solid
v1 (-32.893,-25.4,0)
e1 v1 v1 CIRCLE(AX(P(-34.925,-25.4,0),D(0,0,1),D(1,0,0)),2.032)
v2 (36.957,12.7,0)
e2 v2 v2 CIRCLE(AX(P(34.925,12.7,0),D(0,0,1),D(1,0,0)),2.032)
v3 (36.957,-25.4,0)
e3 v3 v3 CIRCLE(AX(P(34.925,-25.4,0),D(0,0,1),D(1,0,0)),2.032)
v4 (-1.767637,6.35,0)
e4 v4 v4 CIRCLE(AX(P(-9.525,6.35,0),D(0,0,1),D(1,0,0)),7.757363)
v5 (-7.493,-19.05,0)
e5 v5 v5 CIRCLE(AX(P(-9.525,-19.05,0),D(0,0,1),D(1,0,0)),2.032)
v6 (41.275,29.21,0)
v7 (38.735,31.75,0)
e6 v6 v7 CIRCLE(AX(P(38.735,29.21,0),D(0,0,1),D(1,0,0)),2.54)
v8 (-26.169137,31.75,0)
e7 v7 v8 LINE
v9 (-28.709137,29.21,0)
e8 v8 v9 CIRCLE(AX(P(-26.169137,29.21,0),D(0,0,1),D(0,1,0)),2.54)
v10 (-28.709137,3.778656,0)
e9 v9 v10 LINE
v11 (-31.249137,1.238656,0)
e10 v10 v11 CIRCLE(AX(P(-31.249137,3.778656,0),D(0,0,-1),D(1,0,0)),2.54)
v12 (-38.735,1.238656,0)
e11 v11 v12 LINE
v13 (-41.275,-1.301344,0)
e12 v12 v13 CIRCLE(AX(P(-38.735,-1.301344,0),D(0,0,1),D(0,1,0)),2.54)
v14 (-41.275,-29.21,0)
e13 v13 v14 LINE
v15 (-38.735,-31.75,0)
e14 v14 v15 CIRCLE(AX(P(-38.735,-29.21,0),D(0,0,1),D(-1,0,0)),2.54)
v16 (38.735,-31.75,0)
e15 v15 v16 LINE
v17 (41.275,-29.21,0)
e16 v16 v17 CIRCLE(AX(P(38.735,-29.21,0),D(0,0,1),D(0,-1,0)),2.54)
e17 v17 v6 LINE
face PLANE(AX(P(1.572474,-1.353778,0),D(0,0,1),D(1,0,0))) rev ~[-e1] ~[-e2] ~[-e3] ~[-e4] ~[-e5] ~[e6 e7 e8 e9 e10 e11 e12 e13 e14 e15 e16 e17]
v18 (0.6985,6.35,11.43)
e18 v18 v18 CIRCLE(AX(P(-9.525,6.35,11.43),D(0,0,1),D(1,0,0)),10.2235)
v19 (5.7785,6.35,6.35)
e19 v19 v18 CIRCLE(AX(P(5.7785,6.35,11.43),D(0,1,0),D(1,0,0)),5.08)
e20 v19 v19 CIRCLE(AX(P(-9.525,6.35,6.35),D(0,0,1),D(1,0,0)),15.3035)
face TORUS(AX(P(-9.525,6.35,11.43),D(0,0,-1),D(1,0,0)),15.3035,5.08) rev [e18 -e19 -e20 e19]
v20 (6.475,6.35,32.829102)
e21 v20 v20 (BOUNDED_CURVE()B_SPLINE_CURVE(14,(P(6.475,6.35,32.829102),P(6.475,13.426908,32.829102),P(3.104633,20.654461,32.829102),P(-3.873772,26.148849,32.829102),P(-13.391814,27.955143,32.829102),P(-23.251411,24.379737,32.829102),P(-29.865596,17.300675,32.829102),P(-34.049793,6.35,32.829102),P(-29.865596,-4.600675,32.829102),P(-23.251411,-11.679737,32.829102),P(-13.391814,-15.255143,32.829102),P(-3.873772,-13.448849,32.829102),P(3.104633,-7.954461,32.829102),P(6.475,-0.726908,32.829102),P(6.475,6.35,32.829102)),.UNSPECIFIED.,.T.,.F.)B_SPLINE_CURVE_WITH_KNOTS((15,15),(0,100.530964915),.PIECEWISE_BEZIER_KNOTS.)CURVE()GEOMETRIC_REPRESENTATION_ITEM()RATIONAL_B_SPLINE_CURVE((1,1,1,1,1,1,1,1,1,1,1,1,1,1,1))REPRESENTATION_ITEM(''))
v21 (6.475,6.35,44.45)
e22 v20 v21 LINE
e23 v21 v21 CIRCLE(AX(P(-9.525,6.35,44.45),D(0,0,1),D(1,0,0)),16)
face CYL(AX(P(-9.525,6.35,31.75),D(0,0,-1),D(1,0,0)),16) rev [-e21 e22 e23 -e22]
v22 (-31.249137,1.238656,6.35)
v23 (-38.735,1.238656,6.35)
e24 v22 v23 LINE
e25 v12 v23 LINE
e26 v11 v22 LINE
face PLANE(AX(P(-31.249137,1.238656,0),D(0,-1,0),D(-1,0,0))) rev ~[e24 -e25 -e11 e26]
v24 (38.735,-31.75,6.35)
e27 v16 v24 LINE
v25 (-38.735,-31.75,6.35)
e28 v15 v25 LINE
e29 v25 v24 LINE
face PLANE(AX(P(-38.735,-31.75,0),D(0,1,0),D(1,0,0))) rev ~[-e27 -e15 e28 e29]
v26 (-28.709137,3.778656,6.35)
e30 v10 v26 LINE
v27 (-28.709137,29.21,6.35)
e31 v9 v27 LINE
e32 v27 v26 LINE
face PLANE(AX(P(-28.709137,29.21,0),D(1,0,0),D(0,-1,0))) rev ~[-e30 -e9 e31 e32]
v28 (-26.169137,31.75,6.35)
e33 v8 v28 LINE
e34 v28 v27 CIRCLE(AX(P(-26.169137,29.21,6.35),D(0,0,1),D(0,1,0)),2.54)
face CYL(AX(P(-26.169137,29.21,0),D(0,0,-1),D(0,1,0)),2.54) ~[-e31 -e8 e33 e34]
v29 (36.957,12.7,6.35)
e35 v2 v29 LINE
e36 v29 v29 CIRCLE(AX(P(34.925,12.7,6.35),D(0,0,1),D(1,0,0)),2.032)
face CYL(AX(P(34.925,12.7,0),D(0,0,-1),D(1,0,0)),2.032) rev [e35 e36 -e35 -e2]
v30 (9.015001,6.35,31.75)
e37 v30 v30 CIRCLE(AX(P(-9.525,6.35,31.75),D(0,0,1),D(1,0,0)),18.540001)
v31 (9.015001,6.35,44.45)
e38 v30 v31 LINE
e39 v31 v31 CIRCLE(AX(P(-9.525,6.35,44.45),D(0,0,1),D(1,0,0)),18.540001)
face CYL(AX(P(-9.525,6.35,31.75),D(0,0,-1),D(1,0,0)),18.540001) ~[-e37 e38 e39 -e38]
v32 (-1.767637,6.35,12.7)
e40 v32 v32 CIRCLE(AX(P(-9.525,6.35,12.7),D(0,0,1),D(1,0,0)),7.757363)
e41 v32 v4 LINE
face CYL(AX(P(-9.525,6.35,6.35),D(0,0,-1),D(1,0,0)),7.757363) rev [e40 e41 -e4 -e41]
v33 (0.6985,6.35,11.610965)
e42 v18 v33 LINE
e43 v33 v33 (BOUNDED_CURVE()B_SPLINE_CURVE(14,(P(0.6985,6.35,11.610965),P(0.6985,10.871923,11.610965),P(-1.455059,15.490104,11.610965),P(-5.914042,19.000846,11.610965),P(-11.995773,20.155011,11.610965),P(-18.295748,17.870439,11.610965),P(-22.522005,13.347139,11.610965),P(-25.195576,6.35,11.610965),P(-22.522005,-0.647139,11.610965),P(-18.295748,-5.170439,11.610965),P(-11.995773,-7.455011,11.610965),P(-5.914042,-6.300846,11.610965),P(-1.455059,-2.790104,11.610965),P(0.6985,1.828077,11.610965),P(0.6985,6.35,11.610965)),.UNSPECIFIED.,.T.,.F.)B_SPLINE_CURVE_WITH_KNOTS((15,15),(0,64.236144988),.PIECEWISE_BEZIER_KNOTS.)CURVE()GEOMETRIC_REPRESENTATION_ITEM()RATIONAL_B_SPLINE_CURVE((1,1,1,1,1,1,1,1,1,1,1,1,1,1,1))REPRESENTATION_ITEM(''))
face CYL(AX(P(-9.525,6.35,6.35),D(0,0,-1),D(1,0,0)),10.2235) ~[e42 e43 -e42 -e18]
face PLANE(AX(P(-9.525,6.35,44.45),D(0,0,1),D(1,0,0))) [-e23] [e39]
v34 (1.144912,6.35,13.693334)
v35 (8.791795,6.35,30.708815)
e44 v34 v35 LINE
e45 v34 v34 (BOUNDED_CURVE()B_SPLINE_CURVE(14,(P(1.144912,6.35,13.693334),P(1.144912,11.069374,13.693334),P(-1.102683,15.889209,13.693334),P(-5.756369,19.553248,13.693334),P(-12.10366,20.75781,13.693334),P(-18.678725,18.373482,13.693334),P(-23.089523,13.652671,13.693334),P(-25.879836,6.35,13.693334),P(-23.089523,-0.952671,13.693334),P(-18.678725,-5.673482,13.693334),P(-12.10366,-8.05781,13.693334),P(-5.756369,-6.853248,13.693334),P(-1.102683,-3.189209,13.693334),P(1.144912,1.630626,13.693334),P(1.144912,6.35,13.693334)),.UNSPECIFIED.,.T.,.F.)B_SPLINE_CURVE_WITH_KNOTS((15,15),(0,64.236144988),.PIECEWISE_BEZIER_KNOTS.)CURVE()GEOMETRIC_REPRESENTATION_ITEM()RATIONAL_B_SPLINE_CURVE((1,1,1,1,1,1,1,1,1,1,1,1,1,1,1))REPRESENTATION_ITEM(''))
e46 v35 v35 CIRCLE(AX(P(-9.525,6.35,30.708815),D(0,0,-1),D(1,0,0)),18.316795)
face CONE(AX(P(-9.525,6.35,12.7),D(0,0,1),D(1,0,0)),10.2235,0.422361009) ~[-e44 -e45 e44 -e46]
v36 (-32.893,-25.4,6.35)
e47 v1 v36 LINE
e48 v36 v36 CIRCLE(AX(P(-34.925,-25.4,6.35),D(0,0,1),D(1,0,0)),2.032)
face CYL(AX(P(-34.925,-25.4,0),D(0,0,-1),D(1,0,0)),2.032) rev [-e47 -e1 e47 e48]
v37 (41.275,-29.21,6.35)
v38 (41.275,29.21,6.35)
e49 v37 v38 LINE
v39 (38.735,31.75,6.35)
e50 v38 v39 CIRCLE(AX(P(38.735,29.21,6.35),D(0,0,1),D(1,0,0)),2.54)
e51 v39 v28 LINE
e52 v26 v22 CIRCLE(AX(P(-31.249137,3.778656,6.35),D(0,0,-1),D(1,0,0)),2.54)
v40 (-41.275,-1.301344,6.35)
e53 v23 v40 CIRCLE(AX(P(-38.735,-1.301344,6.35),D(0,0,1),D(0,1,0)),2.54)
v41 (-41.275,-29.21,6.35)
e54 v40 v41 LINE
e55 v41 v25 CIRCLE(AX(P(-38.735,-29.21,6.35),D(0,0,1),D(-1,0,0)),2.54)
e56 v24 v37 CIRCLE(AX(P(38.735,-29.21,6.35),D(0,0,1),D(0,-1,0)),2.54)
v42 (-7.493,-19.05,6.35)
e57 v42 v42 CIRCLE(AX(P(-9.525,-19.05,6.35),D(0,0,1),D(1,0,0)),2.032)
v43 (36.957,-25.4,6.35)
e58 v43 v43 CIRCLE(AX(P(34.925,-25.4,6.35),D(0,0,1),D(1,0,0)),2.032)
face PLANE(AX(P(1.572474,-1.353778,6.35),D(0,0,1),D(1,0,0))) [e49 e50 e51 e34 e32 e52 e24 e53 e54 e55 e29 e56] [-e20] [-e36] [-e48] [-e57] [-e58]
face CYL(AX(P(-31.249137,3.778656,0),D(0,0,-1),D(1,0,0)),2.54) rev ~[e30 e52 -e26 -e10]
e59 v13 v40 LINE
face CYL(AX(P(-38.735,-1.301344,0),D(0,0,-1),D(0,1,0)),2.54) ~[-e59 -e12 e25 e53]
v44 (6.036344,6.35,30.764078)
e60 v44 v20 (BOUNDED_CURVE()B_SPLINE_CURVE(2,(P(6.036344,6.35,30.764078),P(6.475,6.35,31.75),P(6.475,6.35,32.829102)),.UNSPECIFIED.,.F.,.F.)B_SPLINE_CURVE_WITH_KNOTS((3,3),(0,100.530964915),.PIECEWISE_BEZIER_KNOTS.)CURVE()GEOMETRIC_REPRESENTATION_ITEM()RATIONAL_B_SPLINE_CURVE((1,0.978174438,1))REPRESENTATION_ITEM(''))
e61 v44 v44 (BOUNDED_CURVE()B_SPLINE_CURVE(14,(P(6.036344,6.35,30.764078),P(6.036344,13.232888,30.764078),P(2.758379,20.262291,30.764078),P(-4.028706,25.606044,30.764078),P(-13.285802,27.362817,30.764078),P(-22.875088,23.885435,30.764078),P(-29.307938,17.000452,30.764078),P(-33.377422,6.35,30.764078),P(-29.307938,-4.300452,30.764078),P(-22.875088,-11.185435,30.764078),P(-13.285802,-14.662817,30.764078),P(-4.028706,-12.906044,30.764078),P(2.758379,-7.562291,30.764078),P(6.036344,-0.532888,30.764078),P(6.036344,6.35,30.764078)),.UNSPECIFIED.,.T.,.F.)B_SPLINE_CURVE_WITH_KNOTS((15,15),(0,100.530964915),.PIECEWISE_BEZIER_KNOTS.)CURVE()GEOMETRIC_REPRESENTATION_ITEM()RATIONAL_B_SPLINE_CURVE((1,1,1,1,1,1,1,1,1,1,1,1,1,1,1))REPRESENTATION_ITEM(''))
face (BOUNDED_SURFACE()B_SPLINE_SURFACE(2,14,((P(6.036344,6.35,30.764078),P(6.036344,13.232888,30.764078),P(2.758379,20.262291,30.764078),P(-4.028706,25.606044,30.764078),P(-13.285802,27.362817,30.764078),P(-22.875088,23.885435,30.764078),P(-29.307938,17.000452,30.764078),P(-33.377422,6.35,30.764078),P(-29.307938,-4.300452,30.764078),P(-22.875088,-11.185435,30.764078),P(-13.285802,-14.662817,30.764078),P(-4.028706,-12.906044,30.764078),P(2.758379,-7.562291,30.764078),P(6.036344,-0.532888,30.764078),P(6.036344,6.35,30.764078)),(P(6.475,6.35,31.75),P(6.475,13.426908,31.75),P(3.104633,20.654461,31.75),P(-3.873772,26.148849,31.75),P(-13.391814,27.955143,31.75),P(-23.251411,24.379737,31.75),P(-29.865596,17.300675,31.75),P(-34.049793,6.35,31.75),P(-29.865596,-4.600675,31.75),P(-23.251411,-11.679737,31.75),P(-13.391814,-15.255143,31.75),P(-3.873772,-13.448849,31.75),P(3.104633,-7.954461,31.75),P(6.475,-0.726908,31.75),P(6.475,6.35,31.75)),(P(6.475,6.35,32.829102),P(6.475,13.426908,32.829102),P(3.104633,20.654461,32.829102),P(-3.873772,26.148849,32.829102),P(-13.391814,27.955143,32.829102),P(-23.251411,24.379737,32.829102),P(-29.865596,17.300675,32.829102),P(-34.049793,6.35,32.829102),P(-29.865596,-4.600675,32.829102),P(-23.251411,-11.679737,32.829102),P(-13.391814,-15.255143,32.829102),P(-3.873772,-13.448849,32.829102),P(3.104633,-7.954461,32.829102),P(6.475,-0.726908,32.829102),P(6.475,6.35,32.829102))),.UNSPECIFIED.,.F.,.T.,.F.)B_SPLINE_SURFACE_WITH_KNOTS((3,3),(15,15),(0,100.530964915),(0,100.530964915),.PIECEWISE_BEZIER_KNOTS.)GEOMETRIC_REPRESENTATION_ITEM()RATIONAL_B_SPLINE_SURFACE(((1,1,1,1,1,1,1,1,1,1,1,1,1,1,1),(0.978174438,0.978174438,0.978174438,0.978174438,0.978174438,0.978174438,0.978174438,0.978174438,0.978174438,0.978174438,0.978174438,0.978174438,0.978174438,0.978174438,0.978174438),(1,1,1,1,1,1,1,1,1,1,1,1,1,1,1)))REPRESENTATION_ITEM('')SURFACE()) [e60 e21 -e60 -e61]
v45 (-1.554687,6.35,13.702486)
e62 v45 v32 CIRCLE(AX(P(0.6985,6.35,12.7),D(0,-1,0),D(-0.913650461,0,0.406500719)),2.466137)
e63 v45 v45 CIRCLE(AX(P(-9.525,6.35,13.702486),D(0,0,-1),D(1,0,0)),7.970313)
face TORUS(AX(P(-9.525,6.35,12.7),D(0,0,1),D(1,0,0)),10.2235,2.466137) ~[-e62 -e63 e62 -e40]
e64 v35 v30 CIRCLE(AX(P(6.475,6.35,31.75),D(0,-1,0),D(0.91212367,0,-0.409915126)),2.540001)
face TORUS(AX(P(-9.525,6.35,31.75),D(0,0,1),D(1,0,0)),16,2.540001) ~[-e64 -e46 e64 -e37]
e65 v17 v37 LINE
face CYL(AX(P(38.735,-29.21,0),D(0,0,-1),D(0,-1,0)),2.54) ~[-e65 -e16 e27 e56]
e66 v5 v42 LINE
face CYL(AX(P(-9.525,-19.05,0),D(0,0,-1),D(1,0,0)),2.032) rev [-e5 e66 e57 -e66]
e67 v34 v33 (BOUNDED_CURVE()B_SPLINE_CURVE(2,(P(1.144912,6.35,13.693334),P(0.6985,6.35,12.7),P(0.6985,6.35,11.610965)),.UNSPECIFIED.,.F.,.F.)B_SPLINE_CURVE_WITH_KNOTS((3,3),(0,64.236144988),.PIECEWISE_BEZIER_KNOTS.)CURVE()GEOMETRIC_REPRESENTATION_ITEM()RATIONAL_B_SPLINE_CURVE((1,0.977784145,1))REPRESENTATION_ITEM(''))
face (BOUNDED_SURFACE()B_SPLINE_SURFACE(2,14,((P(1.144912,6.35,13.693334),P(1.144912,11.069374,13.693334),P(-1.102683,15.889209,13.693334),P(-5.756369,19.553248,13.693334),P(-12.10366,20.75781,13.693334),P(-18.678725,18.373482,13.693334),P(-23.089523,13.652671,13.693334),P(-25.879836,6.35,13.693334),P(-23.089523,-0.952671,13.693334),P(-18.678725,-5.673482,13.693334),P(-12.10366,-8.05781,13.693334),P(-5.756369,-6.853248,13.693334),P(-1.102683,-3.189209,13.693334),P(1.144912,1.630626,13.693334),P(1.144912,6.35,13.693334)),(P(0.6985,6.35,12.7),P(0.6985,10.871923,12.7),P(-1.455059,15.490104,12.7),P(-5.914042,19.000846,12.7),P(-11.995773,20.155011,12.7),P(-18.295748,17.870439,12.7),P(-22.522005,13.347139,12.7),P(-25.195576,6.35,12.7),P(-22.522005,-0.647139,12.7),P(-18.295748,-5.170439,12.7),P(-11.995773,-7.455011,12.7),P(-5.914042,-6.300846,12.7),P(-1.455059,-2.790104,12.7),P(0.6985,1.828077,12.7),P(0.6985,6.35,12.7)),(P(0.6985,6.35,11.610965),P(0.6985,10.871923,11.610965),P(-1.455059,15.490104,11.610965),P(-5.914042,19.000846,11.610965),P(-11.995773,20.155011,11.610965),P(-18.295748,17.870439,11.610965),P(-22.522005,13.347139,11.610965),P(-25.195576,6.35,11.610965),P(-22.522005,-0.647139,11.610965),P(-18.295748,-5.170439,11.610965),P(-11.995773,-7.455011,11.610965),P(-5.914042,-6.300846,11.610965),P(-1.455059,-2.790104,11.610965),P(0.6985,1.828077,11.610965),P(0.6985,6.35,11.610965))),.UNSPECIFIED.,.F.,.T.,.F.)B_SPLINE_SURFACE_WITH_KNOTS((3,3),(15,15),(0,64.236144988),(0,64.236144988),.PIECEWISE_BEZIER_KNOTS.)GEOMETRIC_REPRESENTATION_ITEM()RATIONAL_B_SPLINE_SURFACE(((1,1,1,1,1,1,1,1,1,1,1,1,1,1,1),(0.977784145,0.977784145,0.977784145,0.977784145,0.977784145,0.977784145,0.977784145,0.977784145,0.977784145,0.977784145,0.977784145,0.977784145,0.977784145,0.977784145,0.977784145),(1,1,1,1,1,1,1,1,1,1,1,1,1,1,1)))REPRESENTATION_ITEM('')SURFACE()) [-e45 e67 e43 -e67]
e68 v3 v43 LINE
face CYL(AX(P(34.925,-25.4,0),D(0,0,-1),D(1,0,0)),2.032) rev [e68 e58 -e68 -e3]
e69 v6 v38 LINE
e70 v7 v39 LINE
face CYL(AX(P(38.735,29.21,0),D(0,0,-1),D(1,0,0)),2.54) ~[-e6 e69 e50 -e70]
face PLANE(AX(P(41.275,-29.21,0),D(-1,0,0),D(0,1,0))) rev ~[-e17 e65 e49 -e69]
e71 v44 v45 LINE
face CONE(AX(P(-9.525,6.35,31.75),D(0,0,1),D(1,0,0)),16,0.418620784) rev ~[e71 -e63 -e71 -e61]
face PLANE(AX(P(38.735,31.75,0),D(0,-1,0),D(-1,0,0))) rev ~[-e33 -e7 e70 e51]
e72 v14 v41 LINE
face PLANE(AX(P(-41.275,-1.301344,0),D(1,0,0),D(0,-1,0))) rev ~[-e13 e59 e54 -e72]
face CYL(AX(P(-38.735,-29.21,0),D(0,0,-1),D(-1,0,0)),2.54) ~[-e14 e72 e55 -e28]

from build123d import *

# Parameters (mm, degrees)
F0_R     = 2.032
F0_R_2   = 7.7573632
F1_DEPTH = 6.35
F3_R     = 10.2235
F3_R_2   = 7.7573632
F4_DEPTH = 6.35
F6_R     = 18.5400007717
F6_R_2   = 16
F7_DEPTH = 12.7
F13_R    = 5.08


with BuildPart() as f1:
    # F0 (on Top) → F1 (new body)
    with BuildSketch(Plane.XY):
        with BuildLine():
            Line((-41.275, -1.3013436), (-41.275, -29.21))
            ThreePointArc((-41.275, -29.21), (-40.5310512242, -31.0060512242), (-38.735, -31.75))
            Line((-38.735, -31.75), (38.735, -31.75))
            ThreePointArc((38.735, -31.75), (40.5310512242, -31.0060512242), (41.275, -29.21))
            Line((41.275, -29.21), (41.275, 29.21))
            ThreePointArc((41.275, 29.21), (40.5310512242, 31.0060512242), (38.735, 31.75))
            Line((38.735, 31.75), (-26.1691374, 31.75))
            ThreePointArc((-26.1691374, 31.75), (-27.9651886242, 31.0060512242), (-28.7091374, 29.21))
            Line((-28.7091374, 29.21), (-28.7091374, 3.7786564))
            ThreePointArc((-28.7091374, 3.7786564), (-29.4530861758, 1.9826051758), (-31.2491374, 1.2386564))
            Line((-31.2491374, 1.2386564), (-38.735, 1.2386564))
            ThreePointArc((-38.735, 1.2386564), (-40.5310512242, 0.4947076242), (-41.275, -1.3013436))
        make_face()
        with Locations((-34.925, -25.4)):
            Circle(F0_R, mode=Mode.SUBTRACT)
        with Locations((-9.525, -19.05)):
            Circle(F0_R, mode=Mode.SUBTRACT)
        with Locations((34.925, -25.4)):
            Circle(F0_R, mode=Mode.SUBTRACT)
        with Locations((-9.525, 6.35)):
            Circle(F0_R_2, mode=Mode.SUBTRACT)
        with Locations((34.925, 12.7)):
            Circle(F0_R, mode=Mode.SUBTRACT)
    extrude(amount=F1_DEPTH)

    # F3 (on face) → F4 (join)
    with BuildSketch(Plane.XY.offset(6.35)):
        with Locations((-9.525, 6.35)):
            Circle(F3_R)
        with Locations((-9.525, 6.35)):
            Circle(F3_R_2, mode=Mode.SUBTRACT)
    extrude(amount=F4_DEPTH)



with BuildPart() as f7:
    # F6 (on offset) → F7 (new body)
    with BuildSketch(Plane.XY.offset(31.75)):
        with Locations((-9.525, 6.35)):
            Circle(F6_R)
        with Locations((-9.525, 6.35)):
            Circle(F6_R_2, mode=Mode.SUBTRACT)
    extrude(amount=F7_DEPTH)


with BuildPart() as f1_1:
    add(f1.part)

    add(f7.part)  # F12 merges F7
    # F11 (on 3pt) → F12 (revolve)
    with BuildSketch(Plane.XZ.offset(-6.35)):
        with BuildLine():
            Line((9.0150007717, 31.75), (6.475, 31.75))
            Line((6.475, 31.75), (-1.5546870253, 13.7024863815))
            ThreePointArc((-1.5546870253, 13.7024863815), (-1.7138119778, 13.2124272026), (-1.7676368, 12.7))
            Line((-1.7676368, 12.7), (0.6985, 12.7))
            Line((0.6985, 12.7), (8.7917948258, 30.7088152634))
            ThreePointArc((8.7917948258, 30.7088152634), (8.9585724839, 31.2175794543), (9.0150007717, 31.75))
        make_face()
    revolve(axis=Axis((-9.525, 6.35, 28.575), (0, 0, -1)))

    # F13
    f13_edges = [f1_1.edges().sort_by_distance(p)[0] for p in [
        (-19.7485, 6.35, 12.7),
        (-19.7485, 6.35, 6.35),
        (-25.525, 6.35, 31.75),
    ]]
    fillet(f13_edges, radius=F13_R)


solid = f1_1.part
